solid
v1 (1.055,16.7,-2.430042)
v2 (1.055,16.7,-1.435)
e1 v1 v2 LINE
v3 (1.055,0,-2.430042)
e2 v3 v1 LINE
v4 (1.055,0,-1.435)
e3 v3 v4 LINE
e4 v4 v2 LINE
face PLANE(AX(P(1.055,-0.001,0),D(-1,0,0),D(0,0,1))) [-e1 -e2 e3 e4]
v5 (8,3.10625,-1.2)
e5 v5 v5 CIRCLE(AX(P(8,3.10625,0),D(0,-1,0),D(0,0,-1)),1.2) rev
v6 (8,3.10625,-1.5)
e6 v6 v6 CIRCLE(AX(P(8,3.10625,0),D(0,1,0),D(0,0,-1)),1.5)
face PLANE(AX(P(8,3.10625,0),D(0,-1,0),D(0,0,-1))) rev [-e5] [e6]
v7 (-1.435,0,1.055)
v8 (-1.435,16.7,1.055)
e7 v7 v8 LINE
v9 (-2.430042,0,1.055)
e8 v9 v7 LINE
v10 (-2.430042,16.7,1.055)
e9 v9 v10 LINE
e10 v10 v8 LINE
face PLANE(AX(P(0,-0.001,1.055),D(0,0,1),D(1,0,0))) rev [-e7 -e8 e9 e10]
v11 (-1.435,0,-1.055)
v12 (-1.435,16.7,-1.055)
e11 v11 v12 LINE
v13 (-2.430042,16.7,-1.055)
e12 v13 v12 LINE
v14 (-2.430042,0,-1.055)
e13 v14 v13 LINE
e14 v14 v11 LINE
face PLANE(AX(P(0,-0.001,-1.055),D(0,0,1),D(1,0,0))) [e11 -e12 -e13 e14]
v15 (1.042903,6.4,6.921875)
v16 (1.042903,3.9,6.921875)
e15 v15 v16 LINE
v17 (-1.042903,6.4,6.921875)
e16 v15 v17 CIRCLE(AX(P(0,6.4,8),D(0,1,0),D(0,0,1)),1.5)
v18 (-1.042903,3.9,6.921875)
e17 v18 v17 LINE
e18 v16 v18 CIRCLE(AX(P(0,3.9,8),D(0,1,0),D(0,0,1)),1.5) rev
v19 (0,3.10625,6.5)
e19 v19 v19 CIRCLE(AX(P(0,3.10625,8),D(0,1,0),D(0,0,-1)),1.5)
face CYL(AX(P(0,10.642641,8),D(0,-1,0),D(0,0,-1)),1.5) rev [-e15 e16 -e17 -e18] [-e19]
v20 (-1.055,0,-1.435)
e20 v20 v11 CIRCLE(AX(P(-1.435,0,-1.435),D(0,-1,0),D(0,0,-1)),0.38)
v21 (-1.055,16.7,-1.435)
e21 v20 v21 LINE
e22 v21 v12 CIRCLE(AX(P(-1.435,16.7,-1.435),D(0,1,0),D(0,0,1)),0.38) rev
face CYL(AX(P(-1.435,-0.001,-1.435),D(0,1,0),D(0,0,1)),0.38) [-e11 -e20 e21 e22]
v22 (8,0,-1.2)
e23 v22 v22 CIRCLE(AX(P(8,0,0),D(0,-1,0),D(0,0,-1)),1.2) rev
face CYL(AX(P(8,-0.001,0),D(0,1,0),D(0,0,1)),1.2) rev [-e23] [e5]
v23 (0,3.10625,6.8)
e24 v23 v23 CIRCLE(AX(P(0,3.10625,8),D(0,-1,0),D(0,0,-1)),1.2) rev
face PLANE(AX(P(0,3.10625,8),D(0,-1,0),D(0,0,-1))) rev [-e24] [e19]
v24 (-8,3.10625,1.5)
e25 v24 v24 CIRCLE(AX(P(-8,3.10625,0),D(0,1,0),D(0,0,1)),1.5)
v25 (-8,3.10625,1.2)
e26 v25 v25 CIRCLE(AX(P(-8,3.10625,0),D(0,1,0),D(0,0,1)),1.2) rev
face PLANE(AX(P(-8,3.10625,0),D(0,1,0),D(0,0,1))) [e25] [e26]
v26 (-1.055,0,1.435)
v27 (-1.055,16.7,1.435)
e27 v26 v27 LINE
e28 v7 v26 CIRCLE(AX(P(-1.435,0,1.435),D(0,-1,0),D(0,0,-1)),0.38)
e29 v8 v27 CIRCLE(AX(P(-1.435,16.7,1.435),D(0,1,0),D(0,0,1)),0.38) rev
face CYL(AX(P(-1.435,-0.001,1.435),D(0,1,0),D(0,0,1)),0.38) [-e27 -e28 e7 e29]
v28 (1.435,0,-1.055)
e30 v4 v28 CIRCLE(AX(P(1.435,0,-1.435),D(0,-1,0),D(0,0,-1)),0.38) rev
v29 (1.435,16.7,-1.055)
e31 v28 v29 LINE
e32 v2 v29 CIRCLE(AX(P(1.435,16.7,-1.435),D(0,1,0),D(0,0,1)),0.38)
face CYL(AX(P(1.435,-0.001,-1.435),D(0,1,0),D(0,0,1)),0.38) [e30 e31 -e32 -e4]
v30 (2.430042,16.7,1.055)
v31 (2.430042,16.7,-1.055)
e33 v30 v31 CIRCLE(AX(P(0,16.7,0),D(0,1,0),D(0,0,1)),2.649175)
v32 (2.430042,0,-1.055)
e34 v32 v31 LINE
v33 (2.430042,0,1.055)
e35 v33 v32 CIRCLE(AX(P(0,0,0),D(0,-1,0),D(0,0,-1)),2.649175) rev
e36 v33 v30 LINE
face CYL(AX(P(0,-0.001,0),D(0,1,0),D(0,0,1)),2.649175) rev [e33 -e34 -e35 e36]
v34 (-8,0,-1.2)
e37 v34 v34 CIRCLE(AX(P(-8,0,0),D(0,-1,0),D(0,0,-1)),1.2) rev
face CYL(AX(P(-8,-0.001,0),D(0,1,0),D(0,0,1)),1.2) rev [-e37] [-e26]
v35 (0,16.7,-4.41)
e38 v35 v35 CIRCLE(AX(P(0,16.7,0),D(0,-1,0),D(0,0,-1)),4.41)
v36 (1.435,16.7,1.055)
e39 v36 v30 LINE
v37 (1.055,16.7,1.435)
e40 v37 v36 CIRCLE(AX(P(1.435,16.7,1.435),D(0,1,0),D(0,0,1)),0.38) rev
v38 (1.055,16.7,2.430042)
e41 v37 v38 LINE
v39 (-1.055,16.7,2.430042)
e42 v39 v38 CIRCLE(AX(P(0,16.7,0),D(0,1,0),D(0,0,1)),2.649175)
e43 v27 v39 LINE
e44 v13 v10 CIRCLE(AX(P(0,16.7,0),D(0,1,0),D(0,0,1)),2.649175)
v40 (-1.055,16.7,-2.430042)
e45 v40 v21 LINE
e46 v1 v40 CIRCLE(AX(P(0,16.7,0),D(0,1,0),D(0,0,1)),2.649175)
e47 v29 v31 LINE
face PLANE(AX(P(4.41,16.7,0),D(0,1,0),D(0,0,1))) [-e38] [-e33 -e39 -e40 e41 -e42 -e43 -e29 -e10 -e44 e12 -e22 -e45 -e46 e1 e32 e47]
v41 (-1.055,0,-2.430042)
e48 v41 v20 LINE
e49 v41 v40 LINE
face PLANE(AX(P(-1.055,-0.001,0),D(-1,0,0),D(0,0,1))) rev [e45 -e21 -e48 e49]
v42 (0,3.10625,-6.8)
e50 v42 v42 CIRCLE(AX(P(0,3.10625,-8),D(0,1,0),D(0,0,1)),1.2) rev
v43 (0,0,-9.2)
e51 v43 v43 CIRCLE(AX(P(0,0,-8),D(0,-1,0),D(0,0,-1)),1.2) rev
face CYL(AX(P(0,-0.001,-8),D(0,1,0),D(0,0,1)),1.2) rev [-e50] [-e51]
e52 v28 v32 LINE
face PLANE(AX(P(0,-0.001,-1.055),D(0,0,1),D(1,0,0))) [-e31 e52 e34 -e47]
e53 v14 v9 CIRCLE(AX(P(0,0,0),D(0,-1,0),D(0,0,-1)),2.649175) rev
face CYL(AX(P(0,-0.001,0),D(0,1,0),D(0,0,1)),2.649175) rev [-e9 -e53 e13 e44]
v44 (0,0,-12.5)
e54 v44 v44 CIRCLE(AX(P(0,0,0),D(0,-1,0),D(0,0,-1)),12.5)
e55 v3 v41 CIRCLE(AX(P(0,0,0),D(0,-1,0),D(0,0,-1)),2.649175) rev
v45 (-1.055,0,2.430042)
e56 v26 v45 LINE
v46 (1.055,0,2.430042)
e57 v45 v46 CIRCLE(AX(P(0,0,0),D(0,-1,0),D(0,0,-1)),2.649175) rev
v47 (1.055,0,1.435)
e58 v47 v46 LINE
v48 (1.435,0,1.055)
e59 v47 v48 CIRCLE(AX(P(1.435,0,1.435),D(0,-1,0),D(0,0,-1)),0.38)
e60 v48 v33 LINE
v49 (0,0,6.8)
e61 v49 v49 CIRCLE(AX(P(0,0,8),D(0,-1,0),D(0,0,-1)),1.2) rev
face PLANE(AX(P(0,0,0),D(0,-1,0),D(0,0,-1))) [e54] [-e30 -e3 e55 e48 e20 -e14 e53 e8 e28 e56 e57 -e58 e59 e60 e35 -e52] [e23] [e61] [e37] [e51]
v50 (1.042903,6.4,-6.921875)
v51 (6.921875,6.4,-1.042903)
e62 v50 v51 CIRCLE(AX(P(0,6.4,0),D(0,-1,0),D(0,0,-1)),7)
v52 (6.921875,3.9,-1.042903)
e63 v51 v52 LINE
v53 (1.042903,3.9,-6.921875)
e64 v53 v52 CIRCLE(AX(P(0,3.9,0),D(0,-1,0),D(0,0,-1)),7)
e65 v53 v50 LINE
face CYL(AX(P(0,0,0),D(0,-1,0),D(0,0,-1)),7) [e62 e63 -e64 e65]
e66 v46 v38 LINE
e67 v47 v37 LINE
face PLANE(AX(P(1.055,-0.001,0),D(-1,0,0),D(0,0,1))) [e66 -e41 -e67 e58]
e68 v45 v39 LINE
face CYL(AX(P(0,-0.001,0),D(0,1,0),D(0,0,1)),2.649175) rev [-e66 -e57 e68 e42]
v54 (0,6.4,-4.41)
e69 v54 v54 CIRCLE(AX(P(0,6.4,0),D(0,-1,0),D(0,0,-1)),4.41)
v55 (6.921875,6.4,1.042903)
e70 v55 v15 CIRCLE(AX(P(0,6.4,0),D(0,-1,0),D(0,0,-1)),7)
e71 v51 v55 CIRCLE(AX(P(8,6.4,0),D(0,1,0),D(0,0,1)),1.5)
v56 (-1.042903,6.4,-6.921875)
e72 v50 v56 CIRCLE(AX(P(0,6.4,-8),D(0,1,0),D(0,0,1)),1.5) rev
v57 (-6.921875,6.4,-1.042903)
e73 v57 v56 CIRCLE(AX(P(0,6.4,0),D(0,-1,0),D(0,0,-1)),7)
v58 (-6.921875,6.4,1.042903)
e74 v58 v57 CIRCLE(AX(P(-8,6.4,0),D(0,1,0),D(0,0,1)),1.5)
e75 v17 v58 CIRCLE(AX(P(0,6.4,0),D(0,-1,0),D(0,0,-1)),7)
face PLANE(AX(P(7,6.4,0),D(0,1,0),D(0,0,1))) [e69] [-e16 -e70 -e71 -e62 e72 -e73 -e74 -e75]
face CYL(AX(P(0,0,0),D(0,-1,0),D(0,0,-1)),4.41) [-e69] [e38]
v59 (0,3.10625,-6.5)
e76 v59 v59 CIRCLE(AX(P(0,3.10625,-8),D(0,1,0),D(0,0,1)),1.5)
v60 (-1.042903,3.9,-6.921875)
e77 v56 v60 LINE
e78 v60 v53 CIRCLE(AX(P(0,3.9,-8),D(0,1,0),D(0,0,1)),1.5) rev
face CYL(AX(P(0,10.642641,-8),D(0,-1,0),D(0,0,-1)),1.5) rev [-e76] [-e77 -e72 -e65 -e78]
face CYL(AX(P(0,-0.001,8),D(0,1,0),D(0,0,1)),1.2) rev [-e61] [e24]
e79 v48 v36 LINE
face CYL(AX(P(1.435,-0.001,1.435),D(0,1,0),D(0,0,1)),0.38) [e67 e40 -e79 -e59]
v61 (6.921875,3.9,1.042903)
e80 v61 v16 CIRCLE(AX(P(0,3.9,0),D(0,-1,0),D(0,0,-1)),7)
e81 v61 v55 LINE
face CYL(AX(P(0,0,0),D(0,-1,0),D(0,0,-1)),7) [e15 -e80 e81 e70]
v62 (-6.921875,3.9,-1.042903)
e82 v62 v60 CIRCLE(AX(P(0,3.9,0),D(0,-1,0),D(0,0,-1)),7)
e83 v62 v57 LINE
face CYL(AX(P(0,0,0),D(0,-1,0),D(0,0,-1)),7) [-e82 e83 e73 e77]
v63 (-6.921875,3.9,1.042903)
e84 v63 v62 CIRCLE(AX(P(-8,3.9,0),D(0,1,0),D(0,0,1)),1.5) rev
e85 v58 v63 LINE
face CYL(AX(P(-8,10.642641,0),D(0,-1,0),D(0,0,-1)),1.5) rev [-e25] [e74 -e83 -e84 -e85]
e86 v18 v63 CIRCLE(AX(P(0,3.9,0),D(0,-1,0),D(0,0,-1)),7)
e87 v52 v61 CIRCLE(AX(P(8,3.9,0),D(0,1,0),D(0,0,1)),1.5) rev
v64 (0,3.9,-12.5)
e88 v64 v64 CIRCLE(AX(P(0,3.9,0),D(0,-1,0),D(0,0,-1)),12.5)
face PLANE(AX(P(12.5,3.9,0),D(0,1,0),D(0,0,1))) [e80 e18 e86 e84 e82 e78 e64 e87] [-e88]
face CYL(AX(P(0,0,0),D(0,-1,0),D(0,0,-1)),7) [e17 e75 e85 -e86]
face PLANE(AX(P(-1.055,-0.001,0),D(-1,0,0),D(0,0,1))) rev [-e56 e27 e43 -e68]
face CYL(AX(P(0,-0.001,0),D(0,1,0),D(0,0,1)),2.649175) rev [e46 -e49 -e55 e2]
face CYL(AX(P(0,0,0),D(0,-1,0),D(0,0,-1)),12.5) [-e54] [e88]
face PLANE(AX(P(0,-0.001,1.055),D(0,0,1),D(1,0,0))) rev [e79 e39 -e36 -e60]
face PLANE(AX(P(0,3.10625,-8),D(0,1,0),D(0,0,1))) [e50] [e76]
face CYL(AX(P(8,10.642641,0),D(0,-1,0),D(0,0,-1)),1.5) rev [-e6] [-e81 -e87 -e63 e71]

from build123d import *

# Parameters (mm, degrees)
CUT_EXTRUDE1_REACH             = 26.319
SKETCH3_R                      = 1.5
CUT_EXTRUDE2_DEPTH             = 0.79375
CUT_EXTRUDE2_DIRECTION_2_REACH = 23.825
CUT_EXTRUDE3_REACH             = 23.825
SKETCH5_R                      = 1.2


with BuildPart() as part:
    # Sketch1 → Revolve1 (revolve)
    with BuildSketch(Plane.XY, mode=Mode.PRIVATE) as revolve1_sk:
        Polygon((0, 0), (0, 16.7), (4.41, 16.7), (4.41, 6.4), (7, 6.4), (7, 3.9), (12.5, 3.9), (12.5, 0), align=None)
    revolve(revolve1_sk.sketch.rotate(Axis((0, 0, 0), (0, 1, 0)), 90), axis=Axis((0, 0, 0), (0, 1, 0)))

    # Sketch2 → Cut-Extrude1 (cut, up to next)
    with BuildSketch(Plane(origin=(0, 16.7, 0), x_dir=(1, 0, 0), z_dir=(0, 1, 0)), mode=Mode.PRIVATE) as cut_extrude1_sk1:
        with BuildLine():
            Line((-0.935, -1.435), (-0.935, -2.35))
            ThreePointArc((-0.935, -2.35), (0, -2.529174767), (0.935, -2.35))
            Line((0.935, -2.35), (0.935, -1.435))
            ThreePointArc((0.935, -1.435), (1.081446609, -1.081446609), (1.435, -0.935))
            Line((1.435, -0.935), (2.35, -0.935))
            ThreePointArc((2.35, -0.935), (2.529174767, 0), (2.35, 0.935))
            Line((2.35, 0.935), (1.435, 0.935))
            ThreePointArc((1.435, 0.935), (1.081446609, 1.081446609), (0.935, 1.435))
            Line((0.935, 1.435), (0.935, 2.35))
            ThreePointArc((0.935, 2.35), (0, 2.529174767), (-0.935, 2.35))
            Line((-0.935, 2.35), (-0.935, 1.435))
            ThreePointArc((-0.935, 1.435), (-1.081446609, 1.081446609), (-1.435, 0.935))
            Line((-1.435, 0.935), (-2.35, 0.935))
            ThreePointArc((-2.35, 0.935), (-2.529174767, 0), (-2.35, -0.935))
            Line((-2.35, -0.935), (-1.435, -0.935))
            ThreePointArc((-1.435, -0.935), (-1.081446609, -1.081446609), (-0.935, -1.435))
        make_face()
    cut_extrude1_tool1 = extrude(cut_extrude1_sk1.sketch, amount=-CUT_EXTRUDE1_REACH, mode=Mode.PRIVATE) & part.part
    # Sketch2 → Cut-Extrude1 (cut, up to next)
    with BuildSketch(Plane(origin=(0, 16.7, 0), x_dir=(1, 0, 0), z_dir=(0, 1, 0)), mode=Mode.PRIVATE) as cut_extrude1_sk2:
        with BuildLine():
            Line((-2.430041552, -1.055), (-1.435, -1.055))
            ThreePointArc((-1.435, -1.055), (-1.166299423, -1.166299423), (-1.055, -1.435))
            Line((-1.055, -1.435), (-1.055, -2.430041552))
            ThreePointArc((-1.055, -2.430041552), (0, -2.649174767), (1.055, -2.430041552))
            Line((1.055, -2.430041552), (1.055, -1.435))
            ThreePointArc((1.055, -1.435), (1.166299423, -1.166299423), (1.435, -1.055))
            Line((1.435, -1.055), (2.430041552, -1.055))
            ThreePointArc((2.430041552, -1.055), (2.649174767, 0), (2.430041552, 1.055))
            Line((2.430041552, 1.055), (1.435, 1.055))
            ThreePointArc((1.435, 1.055), (1.166299423, 1.166299423), (1.055, 1.435))
            Line((1.055, 1.435), (1.055, 2.430041552))
            ThreePointArc((1.055, 2.430041552), (0, 2.649174767), (-1.055, 2.430041552))
            Line((-1.055, 2.430041552), (-1.055, 1.435))
            ThreePointArc((-1.055, 1.435), (-1.166299423, 1.166299423), (-1.435, 1.055))
            Line((-1.435, 1.055), (-2.430041552, 1.055))
            ThreePointArc((-2.430041552, 1.055), (-2.649174767, 0), (-2.430041552, -1.055))
        make_face()
    cut_extrude1_tool2 = extrude(cut_extrude1_sk2.sketch, amount=-CUT_EXTRUDE1_REACH, mode=Mode.PRIVATE) & part.part
    add(cut_extrude1_tool1.solids().sort_by_distance((0, 16.7, 0))[0], mode=Mode.SUBTRACT)
    add(cut_extrude1_tool2.solids().sort_by_distance((0, 16.7, 0))[0], mode=Mode.SUBTRACT)

    # Sketch3 → Cut-Extrude2 (cut)
    with BuildSketch(Plane(origin=(0, 3.9, 0), x_dir=(1, 0, 0), z_dir=(0, 1, 0))):
        with Locations(Location((0, 8, 0), (0, 0, 314.048625674))):
            Circle(SKETCH3_R)
        with Locations(Location((0, -8, 0), (0, 0, 90))):
            Circle(SKETCH3_R)
        with Locations(Location((-8, 0, 0), (0, 0, 44.048625674))):
            Circle(SKETCH3_R)
        with Locations(Location((8, 0, 0), (0, 0, 90))):
            Circle(SKETCH3_R)
    extrude(amount=-CUT_EXTRUDE2_DEPTH, mode=Mode.SUBTRACT)

    # Cut-Extrude2 direction 2: up to this face of the body (flat: up to its plane)
    cut_extrude2_direction_2_end = Plane(part.part.faces().sort_by_distance((0, 6.4, 4.607989899))[0])
    # Sketch3 → Cut-Extrude2 direction 2 (cut, up to the picked face)
    with BuildSketch(Plane(origin=(0, 3.9, 0), x_dir=(1, 0, 0), z_dir=(0, 1, 0)), mode=Mode.PRIVATE) as cut_extrude2_direction_2_sk1:
        with Locations(Location((0, 8, 0), (0, 0, 314.048625674))):
            Circle(SKETCH3_R)
    cut_extrude2_direction_2_tool1 = split(extrude(cut_extrude2_direction_2_sk1.sketch, amount=CUT_EXTRUDE2_DIRECTION_2_REACH, mode=Mode.PRIVATE), bisect_by=cut_extrude2_direction_2_end, keep=Keep.BOTH, mode=Mode.PRIVATE)
    # Sketch3 → Cut-Extrude2 direction 2 (cut, up to the picked face)
    with BuildSketch(Plane(origin=(0, 3.9, 0), x_dir=(1, 0, 0), z_dir=(0, 1, 0)), mode=Mode.PRIVATE) as cut_extrude2_direction_2_sk2:
        with Locations(Location((0, -8, 0), (0, 0, 90))):
            Circle(SKETCH3_R)
    cut_extrude2_direction_2_tool2 = split(extrude(cut_extrude2_direction_2_sk2.sketch, amount=CUT_EXTRUDE2_DIRECTION_2_REACH, mode=Mode.PRIVATE), bisect_by=cut_extrude2_direction_2_end, keep=Keep.BOTH, mode=Mode.PRIVATE)
    # Sketch3 → Cut-Extrude2 direction 2 (cut, up to the picked face)
    with BuildSketch(Plane(origin=(0, 3.9, 0), x_dir=(1, 0, 0), z_dir=(0, 1, 0)), mode=Mode.PRIVATE) as cut_extrude2_direction_2_sk3:
        with Locations(Location((-8, 0, 0), (0, 0, 44.048625674))):
            Circle(SKETCH3_R)
    cut_extrude2_direction_2_tool3 = split(extrude(cut_extrude2_direction_2_sk3.sketch, amount=CUT_EXTRUDE2_DIRECTION_2_REACH, mode=Mode.PRIVATE), bisect_by=cut_extrude2_direction_2_end, keep=Keep.BOTH, mode=Mode.PRIVATE)
    # Sketch3 → Cut-Extrude2 direction 2 (cut, up to the picked face)
    with BuildSketch(Plane(origin=(0, 3.9, 0), x_dir=(1, 0, 0), z_dir=(0, 1, 0)), mode=Mode.PRIVATE) as cut_extrude2_direction_2_sk4:
        with Locations(Location((8, 0, 0), (0, 0, 90))):
            Circle(SKETCH3_R)
    cut_extrude2_direction_2_tool4 = split(extrude(cut_extrude2_direction_2_sk4.sketch, amount=CUT_EXTRUDE2_DIRECTION_2_REACH, mode=Mode.PRIVATE), bisect_by=cut_extrude2_direction_2_end, keep=Keep.BOTH, mode=Mode.PRIVATE)
    add(cut_extrude2_direction_2_tool1.solids().sort_by(Axis((0, 3.9, -8), (0, 1, 0)))[0], mode=Mode.SUBTRACT)
    add(cut_extrude2_direction_2_tool2.solids().sort_by(Axis((0, 3.9, 8), (0, 1, 0)))[0], mode=Mode.SUBTRACT)
    add(cut_extrude2_direction_2_tool3.solids().sort_by(Axis((-8, 3.9, 0), (0, 1, 0)))[0], mode=Mode.SUBTRACT)
    add(cut_extrude2_direction_2_tool4.solids().sort_by(Axis((8, 3.9, 0), (0, 1, 0)))[0], mode=Mode.SUBTRACT)

    # Sketch5 → Cut-Extrude3 (cut, up to next)
    with BuildSketch(Plane(origin=(0, 3.9, 0), x_dir=(1, 0, 0), z_dir=(0, 1, 0)), mode=Mode.PRIVATE) as cut_extrude3_sk1:
        with Locations(Location((8, 0, 0), (0, 0, 90))):
            Circle(SKETCH5_R)
    cut_extrude3_tool1 = extrude(cut_extrude3_sk1.sketch, amount=-CUT_EXTRUDE3_REACH, mode=Mode.PRIVATE) & part.part
    # Sketch5 → Cut-Extrude3 (cut, up to next)
    with BuildSketch(Plane(origin=(0, 3.9, 0), x_dir=(1, 0, 0), z_dir=(0, 1, 0)), mode=Mode.PRIVATE) as cut_extrude3_sk2:
        with Locations(Location((0, 8, 0), (0, 0, 270))):
            Circle(SKETCH5_R)
    cut_extrude3_tool2 = extrude(cut_extrude3_sk2.sketch, amount=-CUT_EXTRUDE3_REACH, mode=Mode.PRIVATE) & part.part
    # Sketch5 → Cut-Extrude3 (cut, up to next)
    with BuildSketch(Plane(origin=(0, 3.9, 0), x_dir=(1, 0, 0), z_dir=(0, 1, 0)), mode=Mode.PRIVATE) as cut_extrude3_sk3:
        with Locations(Location((-8, 0, 0), (0, 0, 270))):
            Circle(SKETCH5_R)
    cut_extrude3_tool3 = extrude(cut_extrude3_sk3.sketch, amount=-CUT_EXTRUDE3_REACH, mode=Mode.PRIVATE) & part.part
    # Sketch5 → Cut-Extrude3 (cut, up to next)
    with BuildSketch(Plane(origin=(0, 3.9, 0), x_dir=(1, 0, 0), z_dir=(0, 1, 0)), mode=Mode.PRIVATE) as cut_extrude3_sk4:
        with Locations(Location((0, -8, 0), (0, 0, 90))):
            Circle(SKETCH5_R)
    cut_extrude3_tool4 = extrude(cut_extrude3_sk4.sketch, amount=-CUT_EXTRUDE3_REACH, mode=Mode.PRIVATE) & part.part
    add(cut_extrude3_tool1.solids().sort_by_distance((8, 3.9, 0))[0], mode=Mode.SUBTRACT)
    add(cut_extrude3_tool2.solids().sort_by_distance((0, 3.9, -8))[0], mode=Mode.SUBTRACT)
    add(cut_extrude3_tool3.solids().sort_by_distance((-8, 3.9, 0))[0], mode=Mode.SUBTRACT)
    add(cut_extrude3_tool4.solids().sort_by_distance((0, 3.9, 8))[0], mode=Mode.SUBTRACT)


solid = part.part
